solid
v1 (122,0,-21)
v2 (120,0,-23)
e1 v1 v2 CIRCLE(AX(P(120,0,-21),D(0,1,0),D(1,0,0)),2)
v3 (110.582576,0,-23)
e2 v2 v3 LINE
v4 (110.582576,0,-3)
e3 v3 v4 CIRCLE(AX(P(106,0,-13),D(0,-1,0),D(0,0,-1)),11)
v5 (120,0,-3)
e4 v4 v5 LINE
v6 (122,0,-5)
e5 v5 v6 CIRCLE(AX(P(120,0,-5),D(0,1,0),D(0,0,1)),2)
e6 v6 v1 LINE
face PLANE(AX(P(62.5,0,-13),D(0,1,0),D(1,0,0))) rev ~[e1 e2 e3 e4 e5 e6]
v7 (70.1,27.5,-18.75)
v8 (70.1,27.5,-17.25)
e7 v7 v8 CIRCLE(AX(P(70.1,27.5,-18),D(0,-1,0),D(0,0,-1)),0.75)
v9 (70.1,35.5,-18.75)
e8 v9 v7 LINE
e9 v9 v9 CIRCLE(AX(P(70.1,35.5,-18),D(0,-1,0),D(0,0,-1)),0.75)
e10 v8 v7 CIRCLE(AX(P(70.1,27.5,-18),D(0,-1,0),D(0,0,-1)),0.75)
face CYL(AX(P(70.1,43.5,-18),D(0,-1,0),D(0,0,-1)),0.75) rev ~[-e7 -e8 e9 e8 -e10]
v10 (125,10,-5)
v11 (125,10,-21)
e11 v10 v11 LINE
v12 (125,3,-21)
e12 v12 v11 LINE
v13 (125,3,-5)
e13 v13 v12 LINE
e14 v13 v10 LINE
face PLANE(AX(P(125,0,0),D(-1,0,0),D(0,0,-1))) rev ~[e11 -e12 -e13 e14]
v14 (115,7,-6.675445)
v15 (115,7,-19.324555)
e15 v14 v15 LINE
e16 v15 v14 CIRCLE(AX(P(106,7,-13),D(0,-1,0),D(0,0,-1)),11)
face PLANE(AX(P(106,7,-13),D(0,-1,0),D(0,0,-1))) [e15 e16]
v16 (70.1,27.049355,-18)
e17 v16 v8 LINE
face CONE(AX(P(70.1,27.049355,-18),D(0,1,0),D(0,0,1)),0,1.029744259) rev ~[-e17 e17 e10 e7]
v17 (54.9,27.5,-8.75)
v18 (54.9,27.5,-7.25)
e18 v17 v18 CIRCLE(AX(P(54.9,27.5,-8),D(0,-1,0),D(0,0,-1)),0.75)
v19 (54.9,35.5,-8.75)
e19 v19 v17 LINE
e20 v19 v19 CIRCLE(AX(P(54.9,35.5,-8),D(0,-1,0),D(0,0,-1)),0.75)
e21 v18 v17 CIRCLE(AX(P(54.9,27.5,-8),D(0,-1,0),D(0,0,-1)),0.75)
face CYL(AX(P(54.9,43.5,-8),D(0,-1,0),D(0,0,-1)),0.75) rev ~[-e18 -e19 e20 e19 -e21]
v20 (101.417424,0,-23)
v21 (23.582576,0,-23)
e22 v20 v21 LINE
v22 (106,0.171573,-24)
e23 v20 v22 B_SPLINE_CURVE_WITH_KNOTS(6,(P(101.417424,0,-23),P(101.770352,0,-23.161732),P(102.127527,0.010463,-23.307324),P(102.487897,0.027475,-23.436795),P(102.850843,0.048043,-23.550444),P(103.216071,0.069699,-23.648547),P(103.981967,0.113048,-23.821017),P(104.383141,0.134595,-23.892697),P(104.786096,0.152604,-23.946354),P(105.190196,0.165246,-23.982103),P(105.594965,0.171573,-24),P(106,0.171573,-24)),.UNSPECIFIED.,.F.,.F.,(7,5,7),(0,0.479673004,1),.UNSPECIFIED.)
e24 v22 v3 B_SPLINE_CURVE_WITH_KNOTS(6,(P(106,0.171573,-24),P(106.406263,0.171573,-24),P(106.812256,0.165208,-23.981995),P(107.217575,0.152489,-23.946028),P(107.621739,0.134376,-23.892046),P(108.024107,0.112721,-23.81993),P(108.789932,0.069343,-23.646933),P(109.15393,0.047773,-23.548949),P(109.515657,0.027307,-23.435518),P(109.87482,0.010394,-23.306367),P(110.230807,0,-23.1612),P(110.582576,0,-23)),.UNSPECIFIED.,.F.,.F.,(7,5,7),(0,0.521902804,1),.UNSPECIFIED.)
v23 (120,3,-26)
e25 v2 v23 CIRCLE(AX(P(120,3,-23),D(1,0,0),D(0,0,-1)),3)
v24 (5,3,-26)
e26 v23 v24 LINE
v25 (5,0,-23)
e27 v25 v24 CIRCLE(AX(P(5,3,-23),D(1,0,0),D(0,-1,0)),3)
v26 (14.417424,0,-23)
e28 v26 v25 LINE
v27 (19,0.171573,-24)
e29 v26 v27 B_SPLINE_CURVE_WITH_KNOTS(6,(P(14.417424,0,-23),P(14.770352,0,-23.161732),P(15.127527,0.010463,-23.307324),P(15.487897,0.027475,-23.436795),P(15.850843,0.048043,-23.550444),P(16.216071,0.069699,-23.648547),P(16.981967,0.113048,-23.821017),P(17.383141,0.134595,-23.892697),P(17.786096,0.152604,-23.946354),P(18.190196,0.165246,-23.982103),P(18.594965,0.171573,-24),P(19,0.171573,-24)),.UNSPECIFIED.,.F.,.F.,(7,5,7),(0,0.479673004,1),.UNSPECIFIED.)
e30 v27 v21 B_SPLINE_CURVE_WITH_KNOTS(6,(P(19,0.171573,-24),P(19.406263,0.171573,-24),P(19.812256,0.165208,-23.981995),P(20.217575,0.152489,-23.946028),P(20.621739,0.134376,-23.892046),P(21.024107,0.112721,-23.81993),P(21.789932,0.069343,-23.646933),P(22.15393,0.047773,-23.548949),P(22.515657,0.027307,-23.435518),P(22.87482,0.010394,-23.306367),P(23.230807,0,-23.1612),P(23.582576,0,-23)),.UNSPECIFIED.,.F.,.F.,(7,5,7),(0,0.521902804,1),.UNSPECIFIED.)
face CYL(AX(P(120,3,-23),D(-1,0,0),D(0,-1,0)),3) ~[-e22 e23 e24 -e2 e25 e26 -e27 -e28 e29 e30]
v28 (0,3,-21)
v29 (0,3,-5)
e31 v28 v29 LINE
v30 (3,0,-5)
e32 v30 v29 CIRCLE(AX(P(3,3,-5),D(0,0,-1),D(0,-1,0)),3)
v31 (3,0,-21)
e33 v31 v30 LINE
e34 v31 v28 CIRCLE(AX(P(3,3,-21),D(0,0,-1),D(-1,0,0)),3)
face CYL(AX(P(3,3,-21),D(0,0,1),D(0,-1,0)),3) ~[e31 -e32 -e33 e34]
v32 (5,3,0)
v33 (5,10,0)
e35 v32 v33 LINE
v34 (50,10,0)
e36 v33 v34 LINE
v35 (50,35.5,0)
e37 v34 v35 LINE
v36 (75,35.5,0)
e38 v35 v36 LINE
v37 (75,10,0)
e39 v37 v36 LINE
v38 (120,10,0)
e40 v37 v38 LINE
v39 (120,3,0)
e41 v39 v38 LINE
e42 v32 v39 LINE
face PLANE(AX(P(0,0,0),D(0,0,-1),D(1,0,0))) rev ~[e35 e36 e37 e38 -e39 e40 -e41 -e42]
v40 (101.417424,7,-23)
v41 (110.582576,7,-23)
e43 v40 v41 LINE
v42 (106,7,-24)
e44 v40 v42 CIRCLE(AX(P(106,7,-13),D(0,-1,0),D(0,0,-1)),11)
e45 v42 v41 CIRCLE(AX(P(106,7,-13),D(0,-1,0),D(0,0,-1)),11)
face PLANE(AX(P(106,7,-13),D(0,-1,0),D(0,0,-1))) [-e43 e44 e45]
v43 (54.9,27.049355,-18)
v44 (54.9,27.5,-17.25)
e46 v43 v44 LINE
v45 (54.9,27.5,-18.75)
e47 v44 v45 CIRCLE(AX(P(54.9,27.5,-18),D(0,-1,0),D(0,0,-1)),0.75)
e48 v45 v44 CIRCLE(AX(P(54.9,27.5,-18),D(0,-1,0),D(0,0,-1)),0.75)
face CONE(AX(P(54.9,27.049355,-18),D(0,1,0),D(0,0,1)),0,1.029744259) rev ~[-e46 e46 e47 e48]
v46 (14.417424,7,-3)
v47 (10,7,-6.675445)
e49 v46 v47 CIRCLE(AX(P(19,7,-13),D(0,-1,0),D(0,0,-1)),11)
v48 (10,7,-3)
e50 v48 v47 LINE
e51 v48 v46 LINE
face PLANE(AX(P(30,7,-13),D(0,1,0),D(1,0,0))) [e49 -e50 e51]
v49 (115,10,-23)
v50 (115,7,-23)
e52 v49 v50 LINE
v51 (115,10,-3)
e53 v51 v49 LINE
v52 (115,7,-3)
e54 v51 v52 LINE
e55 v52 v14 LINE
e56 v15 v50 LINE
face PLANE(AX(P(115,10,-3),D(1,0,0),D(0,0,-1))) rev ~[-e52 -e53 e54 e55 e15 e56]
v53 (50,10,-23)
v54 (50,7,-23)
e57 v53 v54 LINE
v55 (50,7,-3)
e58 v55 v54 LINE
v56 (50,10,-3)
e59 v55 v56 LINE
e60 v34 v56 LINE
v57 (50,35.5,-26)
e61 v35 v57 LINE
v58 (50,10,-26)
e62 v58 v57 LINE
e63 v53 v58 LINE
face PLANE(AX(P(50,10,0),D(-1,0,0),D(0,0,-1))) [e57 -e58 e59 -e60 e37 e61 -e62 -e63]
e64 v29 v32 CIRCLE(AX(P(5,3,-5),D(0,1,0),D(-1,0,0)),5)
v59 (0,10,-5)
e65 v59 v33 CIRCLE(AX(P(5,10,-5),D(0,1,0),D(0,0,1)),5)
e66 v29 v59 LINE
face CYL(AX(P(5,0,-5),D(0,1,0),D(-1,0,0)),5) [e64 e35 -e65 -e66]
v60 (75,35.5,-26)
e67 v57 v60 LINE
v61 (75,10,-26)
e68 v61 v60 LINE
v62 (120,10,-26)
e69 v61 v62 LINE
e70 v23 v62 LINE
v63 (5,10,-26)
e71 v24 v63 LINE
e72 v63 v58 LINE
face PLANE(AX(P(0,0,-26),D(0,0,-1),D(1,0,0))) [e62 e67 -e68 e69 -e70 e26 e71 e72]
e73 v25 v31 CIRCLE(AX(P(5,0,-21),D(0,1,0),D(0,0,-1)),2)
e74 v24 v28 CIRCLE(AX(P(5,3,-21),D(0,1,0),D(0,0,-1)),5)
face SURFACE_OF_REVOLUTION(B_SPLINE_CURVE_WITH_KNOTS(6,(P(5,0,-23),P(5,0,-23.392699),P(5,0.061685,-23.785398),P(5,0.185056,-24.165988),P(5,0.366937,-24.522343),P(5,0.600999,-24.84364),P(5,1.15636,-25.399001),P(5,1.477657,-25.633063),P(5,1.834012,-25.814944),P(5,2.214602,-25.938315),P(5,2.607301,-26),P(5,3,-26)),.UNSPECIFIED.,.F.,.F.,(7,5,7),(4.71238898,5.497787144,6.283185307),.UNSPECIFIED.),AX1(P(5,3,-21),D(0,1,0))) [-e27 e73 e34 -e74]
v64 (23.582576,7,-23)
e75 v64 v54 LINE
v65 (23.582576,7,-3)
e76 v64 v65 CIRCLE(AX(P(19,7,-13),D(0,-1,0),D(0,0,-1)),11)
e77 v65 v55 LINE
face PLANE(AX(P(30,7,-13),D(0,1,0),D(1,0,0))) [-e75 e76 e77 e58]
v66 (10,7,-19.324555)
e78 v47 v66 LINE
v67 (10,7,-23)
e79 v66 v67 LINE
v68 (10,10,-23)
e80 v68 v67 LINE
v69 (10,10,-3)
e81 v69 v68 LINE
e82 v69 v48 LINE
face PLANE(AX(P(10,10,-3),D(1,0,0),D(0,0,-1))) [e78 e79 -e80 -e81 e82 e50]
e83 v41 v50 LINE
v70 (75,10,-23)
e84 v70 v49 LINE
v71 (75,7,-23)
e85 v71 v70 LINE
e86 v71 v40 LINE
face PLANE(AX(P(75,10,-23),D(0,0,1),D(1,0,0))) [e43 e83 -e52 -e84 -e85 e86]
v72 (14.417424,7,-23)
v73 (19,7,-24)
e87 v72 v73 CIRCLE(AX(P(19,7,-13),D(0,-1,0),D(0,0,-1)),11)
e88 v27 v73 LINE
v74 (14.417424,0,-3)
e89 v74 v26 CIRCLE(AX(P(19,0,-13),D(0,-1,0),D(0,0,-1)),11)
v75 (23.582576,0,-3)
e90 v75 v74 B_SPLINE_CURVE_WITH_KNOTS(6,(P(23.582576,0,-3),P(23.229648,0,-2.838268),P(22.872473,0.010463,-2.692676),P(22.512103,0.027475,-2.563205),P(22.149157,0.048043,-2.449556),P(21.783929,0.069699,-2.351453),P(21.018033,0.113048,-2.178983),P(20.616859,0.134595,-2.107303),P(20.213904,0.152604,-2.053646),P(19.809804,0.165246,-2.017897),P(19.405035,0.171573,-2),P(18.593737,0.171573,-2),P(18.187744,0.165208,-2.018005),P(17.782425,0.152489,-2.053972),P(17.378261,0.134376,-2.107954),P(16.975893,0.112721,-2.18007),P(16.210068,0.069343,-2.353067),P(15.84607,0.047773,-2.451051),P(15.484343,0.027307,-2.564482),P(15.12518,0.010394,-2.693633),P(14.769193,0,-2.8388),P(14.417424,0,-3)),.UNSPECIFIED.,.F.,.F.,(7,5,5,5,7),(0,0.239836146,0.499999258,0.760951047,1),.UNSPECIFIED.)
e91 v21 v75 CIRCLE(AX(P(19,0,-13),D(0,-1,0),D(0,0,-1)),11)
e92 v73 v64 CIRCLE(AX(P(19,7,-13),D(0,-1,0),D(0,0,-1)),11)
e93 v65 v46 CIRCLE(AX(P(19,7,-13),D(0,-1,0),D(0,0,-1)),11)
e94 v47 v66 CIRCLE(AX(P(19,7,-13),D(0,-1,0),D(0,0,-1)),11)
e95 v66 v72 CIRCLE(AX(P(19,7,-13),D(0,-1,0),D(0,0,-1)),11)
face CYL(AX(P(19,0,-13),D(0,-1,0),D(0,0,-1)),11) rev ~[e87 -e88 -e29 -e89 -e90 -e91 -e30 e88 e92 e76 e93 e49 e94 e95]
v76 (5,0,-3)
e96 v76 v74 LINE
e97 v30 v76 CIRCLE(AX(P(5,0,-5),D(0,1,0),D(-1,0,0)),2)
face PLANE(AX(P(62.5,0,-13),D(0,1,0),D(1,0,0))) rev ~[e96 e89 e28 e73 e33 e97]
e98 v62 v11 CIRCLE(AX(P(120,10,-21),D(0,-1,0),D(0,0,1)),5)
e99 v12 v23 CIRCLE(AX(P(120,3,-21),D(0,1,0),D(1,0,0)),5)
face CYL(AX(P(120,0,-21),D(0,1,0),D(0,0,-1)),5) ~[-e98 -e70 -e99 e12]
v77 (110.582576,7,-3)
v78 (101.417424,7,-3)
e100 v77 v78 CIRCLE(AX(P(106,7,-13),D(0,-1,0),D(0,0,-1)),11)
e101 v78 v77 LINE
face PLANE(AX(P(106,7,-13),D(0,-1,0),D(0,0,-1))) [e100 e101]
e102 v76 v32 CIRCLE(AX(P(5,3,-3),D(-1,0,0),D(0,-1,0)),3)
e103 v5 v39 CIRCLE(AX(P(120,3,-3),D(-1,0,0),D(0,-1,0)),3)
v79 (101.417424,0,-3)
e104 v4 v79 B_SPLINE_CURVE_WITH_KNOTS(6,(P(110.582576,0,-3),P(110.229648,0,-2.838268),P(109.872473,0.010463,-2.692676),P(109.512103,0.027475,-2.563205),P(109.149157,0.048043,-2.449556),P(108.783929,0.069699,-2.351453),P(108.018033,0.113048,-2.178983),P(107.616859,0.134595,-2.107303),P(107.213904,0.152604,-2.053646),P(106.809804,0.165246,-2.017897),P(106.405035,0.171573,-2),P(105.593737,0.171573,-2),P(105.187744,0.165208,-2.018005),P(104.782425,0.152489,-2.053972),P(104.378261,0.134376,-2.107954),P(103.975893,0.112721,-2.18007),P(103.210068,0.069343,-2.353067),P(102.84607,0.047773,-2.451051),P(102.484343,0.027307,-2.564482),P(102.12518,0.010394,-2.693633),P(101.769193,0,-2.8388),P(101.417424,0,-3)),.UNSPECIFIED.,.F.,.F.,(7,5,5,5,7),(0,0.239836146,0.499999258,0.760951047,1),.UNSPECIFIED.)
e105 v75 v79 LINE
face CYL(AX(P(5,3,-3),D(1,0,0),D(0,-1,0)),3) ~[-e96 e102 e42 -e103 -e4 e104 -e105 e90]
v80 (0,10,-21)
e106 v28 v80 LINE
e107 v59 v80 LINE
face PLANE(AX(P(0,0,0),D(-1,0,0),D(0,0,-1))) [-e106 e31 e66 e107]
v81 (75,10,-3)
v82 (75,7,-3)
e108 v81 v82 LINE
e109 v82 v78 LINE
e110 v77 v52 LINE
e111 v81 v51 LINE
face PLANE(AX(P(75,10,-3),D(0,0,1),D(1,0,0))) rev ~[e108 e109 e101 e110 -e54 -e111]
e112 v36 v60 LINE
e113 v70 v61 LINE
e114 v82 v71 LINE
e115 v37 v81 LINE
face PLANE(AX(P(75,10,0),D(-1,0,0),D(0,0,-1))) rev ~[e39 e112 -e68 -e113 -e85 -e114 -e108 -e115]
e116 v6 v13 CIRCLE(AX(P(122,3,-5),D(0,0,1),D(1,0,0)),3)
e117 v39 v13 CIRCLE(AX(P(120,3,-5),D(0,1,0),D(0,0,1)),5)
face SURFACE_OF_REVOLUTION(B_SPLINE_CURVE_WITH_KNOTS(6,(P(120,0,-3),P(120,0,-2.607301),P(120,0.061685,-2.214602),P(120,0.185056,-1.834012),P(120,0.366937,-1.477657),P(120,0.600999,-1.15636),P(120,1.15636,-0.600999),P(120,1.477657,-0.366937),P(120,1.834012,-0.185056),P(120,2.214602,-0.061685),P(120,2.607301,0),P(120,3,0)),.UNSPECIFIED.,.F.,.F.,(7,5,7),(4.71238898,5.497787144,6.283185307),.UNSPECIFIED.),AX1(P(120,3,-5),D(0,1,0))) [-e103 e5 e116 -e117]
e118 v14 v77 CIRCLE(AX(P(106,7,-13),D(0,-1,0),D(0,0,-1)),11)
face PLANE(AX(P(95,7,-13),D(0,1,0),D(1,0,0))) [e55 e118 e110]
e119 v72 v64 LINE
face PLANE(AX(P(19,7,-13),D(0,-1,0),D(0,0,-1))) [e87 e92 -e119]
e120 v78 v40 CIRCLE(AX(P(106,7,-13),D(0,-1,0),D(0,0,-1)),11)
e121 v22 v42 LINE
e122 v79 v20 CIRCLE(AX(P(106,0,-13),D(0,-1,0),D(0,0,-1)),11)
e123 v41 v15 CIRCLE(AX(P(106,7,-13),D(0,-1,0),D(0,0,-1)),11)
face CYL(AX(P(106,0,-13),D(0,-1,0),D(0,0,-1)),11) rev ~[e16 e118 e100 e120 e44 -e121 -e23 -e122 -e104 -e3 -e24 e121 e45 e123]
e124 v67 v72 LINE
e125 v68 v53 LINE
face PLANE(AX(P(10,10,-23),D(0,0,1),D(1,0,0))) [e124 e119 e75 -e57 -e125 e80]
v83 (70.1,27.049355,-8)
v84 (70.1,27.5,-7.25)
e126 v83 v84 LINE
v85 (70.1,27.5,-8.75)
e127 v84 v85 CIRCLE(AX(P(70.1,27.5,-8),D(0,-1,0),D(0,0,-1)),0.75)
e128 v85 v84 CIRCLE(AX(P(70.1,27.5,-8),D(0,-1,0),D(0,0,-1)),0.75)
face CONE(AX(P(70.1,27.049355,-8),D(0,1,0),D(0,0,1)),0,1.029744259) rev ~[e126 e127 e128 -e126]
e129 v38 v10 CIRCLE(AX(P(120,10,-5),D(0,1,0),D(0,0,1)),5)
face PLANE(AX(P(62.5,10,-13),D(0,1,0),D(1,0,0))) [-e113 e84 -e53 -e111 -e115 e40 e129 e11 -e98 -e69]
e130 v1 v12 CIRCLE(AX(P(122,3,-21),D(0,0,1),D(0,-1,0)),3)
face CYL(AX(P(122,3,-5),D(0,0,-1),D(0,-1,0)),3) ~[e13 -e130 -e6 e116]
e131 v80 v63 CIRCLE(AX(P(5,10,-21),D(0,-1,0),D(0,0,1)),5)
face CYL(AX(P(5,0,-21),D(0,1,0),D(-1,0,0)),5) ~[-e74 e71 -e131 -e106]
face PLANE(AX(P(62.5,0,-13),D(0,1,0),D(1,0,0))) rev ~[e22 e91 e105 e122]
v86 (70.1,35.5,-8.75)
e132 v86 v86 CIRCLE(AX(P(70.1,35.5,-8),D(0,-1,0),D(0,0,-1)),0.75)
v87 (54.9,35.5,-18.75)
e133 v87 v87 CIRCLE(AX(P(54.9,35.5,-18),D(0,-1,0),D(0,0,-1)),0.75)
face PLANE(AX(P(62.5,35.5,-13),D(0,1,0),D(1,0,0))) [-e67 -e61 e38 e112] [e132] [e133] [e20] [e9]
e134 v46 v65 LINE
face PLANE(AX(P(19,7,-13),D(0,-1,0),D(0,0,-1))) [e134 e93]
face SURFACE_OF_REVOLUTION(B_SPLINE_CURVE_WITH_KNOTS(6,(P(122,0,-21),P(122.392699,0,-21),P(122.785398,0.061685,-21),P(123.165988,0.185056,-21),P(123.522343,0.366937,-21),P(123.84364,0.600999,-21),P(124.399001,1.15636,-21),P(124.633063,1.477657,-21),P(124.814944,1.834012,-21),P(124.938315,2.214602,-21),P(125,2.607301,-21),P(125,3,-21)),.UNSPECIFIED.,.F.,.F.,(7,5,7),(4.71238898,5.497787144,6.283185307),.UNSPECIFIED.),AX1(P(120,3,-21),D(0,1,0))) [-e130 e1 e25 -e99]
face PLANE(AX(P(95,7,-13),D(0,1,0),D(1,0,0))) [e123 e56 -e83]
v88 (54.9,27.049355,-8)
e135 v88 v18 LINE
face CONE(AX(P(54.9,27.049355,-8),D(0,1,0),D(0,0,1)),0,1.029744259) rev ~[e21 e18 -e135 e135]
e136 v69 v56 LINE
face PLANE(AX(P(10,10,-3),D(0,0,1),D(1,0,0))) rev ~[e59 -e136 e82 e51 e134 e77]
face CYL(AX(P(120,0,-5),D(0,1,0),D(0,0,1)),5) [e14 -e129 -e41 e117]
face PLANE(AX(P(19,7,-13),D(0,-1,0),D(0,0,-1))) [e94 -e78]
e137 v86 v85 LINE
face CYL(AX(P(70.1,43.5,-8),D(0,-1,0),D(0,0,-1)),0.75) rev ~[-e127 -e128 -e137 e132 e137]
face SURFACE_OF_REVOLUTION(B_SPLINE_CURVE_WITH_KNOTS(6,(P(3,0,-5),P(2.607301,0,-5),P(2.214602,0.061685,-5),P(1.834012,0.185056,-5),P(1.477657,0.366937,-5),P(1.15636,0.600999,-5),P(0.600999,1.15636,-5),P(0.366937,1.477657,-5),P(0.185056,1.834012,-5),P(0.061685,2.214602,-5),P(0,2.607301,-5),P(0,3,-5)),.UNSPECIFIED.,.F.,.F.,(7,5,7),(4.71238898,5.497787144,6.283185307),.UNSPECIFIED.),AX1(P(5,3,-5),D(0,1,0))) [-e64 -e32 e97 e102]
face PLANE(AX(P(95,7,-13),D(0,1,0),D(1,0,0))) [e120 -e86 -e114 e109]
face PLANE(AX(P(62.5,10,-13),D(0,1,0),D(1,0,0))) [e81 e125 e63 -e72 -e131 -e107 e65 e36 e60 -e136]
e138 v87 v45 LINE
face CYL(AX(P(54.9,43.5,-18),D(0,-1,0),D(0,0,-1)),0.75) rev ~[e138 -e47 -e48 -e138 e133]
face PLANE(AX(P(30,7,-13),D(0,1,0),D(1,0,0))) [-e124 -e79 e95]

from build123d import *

# Parameters (mm, degrees)
SKETCH1_W                 = 125
SKETCH1_H                 = 26
BOSS_EXTRUDE1_DEPTH       = 10
SKETCH2_W                 = 25
SKETCH2_H                 = 26
BOSS_EXTRUDE2_DEPTH       = 27.5
FILLET3_R                 = 5
FILLET4_R                 = 3
SKETCH3_W                 = 40
SKETCH3_H                 = 20
CUT_EXTRUDE2_DEPTH        = 2
SKETCH5_W                 = 40
SKETCH5_H                 = 20
CUT_EXTRUDE3_DEPTH        = 2
SKETCH6_R                 = 11
CUT_EXTRUDE5_DEPTH        = 7
SKETCH7_R                 = 11
CUT_EXTRUDE6_DEPTH        = 7
SKETCH8_W                 = 25
SKETCH8_H                 = 26
CUT_EXTRUDE7_DEPTH        = 2
SKETCH9_W                 = 40
SKETCH9_H                 = 20
CUT_EXTRUDE8_DEPTH        = 1
F_1_5MM_DOWEL_HOLE1_D     = 1.5
F_1_5MM_DOWEL_HOLE1_DEPTH = 8
F_1_5MM_DOWEL_HOLE1_TIP   = 0.450645464


with BuildPart() as part:
    # Sketch1 → Boss-Extrude1 (new body)
    with BuildSketch(Plane(origin=(0, 0, 0), x_dir=(1, 0, 0), z_dir=(0, 1, 0))):
        with Locations((62.5, 13)):
            Rectangle(SKETCH1_W, SKETCH1_H)
    extrude(amount=BOSS_EXTRUDE1_DEPTH)

    # Sketch2 → Boss-Extrude2 (add)
    with BuildSketch(Plane(origin=(0, 10, 0), x_dir=(1, 0, 0), z_dir=(0, 1, 0))):
        with Locations((62.5, 13)):
            Rectangle(SKETCH2_W, SKETCH2_H)
    extrude(amount=BOSS_EXTRUDE2_DEPTH)

    # Fillet3
    fillet3_edges = [part.edges().sort_by_distance(p)[0] for p in [
        (0, 5, -26),
        (125, 5, -26),
        (125, 5, 0),
        (0, 5, 0),
    ]]
    fillet(fillet3_edges, radius=FILLET3_R)

    # Fillet4
    fillet4_edges = [part.edges().sort_by_distance(p)[0] for p in [
        (62.5, 0, 0),
        (0, 0, -13),
        (62.5, 0, -26),
        (125, 0, -13),
        (123.535533906, 0, -1.464466094),
        (123.535533906, 0, -24.535533906),
        (1.464466094, 0, -24.535533906),
        (1.464466094, 0, -1.464466094),
    ]]
    fillet(fillet4_edges, radius=FILLET4_R)

    # Sketch3 → Cut-Extrude2 (cut)
    with BuildSketch(Plane(origin=(0, 10, 0), x_dir=(1, 0, 0), z_dir=(0, 1, 0))):
        with Locations((30, 13)):
            Rectangle(SKETCH3_W, SKETCH3_H)
    extrude(amount=-CUT_EXTRUDE2_DEPTH, mode=Mode.SUBTRACT)

    # Sketch5 → Cut-Extrude3 (cut)
    with BuildSketch(Plane(origin=(0, 10, 0), x_dir=(1, 0, 0), z_dir=(0, 1, 0))):
        with Locations((95, 13)):
            Rectangle(SKETCH5_W, SKETCH5_H)
    extrude(amount=-CUT_EXTRUDE3_DEPTH, mode=Mode.SUBTRACT)

    # Sketch6 → Cut-Extrude5 (cut)
    with BuildSketch(Plane(origin=(0, 0, 0), x_dir=(-1, 0, 0), z_dir=(0, -1, 0))):
        with Locations(Location((-19, 13, 0), (0, 0, 90))):
            Circle(SKETCH6_R)
    extrude(amount=-CUT_EXTRUDE5_DEPTH, mode=Mode.SUBTRACT)

    # Sketch7 → Cut-Extrude6 (cut)
    with BuildSketch(Plane(origin=(0, 0, 0), x_dir=(-1, 0, 0), z_dir=(0, -1, 0))):
        with Locations(Location((-106, 13, 0), (0, 0, 90))):
            Circle(SKETCH7_R)
    extrude(amount=-CUT_EXTRUDE6_DEPTH, mode=Mode.SUBTRACT)

    # Sketch8 → Cut-Extrude7 (cut)
    with BuildSketch(Plane(origin=(0, 37.5, 0), x_dir=(1, 0, 0), z_dir=(0, 1, 0))):
        with Locations((62.5, 13)):
            Rectangle(SKETCH8_W, SKETCH8_H)
    extrude(amount=-CUT_EXTRUDE7_DEPTH, mode=Mode.SUBTRACT)

    # Sketch9 → Cut-Extrude8 (cut)
    with BuildSketch(Plane(origin=(0, 8, 0), x_dir=(1, 0, 0), z_dir=(0, 1, 0))):
        with Locations((30, 13)):
            Rectangle(SKETCH9_W, SKETCH9_H)
        with Locations((95, 13)):
            Rectangle(SKETCH9_W, SKETCH9_H)
    extrude(amount=-CUT_EXTRUDE8_DEPTH, mode=Mode.SUBTRACT)

    # Ø1.5mm Dowel Hole1
    with Locations(Plane(origin=(54.9, 35.5, -18), x_dir=(0, 0, 1), z_dir=(0, 1, 0))):
        with Locations((0, 0), (0, 15.2), (10, 15.2), (10, 0)):
            Hole(F_1_5MM_DOWEL_HOLE1_D / 2, depth=F_1_5MM_DOWEL_HOLE1_DEPTH)
            with Locations((0, 0, -(F_1_5MM_DOWEL_HOLE1_DEPTH + F_1_5MM_DOWEL_HOLE1_TIP / 2))):  # 118° drill point
                Cone(0, F_1_5MM_DOWEL_HOLE1_D / 2, F_1_5MM_DOWEL_HOLE1_TIP, mode=Mode.SUBTRACT)


solid = part.part
